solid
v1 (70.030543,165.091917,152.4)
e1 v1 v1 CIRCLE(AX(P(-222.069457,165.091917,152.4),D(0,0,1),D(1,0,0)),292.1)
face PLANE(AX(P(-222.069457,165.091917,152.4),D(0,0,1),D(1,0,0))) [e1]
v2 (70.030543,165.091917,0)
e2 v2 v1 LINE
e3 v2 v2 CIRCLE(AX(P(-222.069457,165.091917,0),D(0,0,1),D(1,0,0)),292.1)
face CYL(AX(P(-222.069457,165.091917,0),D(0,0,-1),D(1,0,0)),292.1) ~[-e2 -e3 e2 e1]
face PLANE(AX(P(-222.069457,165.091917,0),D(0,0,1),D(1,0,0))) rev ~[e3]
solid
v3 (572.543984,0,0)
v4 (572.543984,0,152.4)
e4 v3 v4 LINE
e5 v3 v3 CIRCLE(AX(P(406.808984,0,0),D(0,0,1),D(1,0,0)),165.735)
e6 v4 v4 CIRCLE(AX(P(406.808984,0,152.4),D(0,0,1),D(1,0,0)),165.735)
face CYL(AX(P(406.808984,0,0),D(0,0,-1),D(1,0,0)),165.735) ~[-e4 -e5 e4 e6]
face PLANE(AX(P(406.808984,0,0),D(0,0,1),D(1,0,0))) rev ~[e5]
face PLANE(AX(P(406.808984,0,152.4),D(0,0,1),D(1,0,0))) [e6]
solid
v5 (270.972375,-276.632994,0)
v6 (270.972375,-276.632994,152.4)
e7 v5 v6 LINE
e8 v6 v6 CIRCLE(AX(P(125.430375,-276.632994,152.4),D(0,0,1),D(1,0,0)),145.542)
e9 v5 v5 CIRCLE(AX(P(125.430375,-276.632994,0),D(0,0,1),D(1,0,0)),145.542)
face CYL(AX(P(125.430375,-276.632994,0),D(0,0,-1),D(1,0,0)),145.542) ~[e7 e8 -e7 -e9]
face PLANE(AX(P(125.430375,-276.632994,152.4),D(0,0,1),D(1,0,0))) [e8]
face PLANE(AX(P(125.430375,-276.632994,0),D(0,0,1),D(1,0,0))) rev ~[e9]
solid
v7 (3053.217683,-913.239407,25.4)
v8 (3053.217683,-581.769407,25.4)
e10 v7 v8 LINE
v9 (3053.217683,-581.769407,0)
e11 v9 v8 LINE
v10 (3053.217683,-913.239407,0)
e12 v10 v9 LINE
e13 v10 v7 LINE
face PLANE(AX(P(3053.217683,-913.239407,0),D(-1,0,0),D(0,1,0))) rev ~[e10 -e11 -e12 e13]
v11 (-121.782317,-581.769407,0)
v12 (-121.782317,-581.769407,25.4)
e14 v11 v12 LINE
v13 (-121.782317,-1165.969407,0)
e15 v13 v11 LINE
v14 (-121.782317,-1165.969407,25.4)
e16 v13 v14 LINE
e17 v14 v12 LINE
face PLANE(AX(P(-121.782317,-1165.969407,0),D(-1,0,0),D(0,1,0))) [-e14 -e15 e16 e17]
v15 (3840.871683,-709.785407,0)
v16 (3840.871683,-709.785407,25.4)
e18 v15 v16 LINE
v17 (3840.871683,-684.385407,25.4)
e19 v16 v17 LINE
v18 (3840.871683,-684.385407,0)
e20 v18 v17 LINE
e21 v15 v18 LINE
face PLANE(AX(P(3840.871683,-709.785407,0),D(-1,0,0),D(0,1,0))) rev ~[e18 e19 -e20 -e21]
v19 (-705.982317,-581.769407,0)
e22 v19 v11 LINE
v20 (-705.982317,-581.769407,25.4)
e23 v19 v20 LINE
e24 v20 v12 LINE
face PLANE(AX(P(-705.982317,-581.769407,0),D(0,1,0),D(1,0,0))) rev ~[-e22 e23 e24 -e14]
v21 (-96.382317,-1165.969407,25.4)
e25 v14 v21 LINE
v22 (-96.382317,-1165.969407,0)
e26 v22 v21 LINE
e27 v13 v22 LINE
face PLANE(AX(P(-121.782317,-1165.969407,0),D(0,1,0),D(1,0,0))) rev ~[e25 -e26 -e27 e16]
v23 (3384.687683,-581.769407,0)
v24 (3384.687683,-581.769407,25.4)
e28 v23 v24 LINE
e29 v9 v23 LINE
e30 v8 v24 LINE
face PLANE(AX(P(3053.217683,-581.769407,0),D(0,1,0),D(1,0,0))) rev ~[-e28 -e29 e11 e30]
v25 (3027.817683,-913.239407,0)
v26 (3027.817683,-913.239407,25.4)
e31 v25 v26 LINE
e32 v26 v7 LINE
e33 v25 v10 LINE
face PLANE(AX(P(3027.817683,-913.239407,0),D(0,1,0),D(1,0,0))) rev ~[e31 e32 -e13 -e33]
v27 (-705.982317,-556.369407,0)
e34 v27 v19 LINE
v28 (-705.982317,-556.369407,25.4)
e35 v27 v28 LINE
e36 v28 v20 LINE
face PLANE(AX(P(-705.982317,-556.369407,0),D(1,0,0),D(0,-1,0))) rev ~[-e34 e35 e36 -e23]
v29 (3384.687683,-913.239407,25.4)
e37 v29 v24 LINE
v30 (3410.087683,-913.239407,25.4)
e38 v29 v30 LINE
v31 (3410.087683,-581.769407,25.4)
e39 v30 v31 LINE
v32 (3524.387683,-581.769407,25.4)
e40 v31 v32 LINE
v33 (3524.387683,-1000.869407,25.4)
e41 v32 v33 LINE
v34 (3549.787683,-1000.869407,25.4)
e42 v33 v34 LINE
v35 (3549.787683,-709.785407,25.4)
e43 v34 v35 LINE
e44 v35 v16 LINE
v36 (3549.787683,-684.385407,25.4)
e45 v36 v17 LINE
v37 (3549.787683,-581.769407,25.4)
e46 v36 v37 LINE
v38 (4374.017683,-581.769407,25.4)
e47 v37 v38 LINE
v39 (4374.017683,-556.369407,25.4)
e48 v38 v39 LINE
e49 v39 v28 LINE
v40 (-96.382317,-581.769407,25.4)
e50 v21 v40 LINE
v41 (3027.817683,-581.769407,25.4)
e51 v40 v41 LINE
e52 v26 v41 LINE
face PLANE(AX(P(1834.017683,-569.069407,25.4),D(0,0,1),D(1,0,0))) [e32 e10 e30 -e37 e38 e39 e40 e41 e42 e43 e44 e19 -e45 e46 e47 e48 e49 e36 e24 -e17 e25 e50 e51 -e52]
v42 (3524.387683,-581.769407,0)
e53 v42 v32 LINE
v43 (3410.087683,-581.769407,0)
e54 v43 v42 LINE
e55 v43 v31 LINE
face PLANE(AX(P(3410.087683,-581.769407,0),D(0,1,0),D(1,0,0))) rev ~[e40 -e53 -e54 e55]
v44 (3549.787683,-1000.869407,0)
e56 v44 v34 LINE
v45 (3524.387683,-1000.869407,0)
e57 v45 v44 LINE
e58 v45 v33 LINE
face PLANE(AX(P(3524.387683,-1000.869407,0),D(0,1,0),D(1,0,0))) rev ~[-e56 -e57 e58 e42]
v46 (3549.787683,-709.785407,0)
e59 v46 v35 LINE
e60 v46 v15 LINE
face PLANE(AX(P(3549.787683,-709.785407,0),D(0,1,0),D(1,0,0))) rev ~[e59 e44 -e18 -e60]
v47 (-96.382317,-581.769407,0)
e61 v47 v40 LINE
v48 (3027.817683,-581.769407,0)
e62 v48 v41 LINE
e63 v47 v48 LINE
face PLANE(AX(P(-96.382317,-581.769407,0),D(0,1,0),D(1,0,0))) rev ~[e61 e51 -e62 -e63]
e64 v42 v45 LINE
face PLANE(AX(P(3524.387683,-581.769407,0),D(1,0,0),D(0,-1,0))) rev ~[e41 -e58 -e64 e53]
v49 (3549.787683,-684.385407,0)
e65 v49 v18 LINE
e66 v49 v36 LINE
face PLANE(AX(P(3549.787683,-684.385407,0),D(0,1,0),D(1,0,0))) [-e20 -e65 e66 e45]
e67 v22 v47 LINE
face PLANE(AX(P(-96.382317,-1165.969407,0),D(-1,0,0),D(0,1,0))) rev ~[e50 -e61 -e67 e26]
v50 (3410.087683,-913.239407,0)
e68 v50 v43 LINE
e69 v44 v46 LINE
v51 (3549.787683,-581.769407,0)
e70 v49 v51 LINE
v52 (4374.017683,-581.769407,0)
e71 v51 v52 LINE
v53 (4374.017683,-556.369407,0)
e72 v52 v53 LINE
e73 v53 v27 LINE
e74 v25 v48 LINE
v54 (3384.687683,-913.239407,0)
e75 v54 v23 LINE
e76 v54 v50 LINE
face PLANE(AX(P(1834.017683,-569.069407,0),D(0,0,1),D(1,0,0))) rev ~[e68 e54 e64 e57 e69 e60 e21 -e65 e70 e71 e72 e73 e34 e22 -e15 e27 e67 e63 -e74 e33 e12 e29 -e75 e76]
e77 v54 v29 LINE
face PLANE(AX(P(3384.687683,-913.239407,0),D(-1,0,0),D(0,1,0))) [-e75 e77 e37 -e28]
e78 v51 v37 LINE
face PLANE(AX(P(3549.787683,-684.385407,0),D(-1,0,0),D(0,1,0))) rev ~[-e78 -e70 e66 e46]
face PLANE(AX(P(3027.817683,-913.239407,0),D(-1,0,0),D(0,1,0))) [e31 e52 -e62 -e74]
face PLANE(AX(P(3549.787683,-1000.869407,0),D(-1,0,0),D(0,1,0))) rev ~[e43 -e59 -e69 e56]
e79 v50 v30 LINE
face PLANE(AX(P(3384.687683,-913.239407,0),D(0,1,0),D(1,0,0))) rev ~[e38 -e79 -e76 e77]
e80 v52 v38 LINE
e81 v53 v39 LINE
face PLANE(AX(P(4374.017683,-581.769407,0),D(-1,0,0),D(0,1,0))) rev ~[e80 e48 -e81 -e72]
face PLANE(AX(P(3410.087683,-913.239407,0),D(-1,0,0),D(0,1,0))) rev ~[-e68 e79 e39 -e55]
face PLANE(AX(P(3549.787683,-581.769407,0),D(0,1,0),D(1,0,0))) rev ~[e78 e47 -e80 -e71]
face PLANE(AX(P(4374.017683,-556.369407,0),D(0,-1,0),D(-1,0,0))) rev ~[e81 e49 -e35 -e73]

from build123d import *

# Parameters (mm, degrees)
F0_R     = 165.735
F1_DEPTH = 152.4
F2_R     = 145.542
F3_DEPTH = 152.4
F4_R     = 292.1
F5_DEPTH = 152.4
F6_W     = 25.4
F6_H     = 584.2
F6_W_2   = 291.084
F6_H_2   = 25.4
F6_H_3   = 331.47
F7_DEPTH = 25.4


with BuildPart() as f1:
    # F0 (on Top) → F1 (new body)
    with BuildSketch(Plane.XY):
        with Locations((406.808984, 0)):
            Circle(F0_R)
    extrude(amount=F1_DEPTH)


with BuildPart() as f3:
    # F2 (on Top) → F3 (new body)
    with BuildSketch(Plane.XY):
        with Locations((125.430375, -276.632994)):
            Circle(F2_R)
    extrude(amount=F3_DEPTH)


with BuildPart() as f5:
    # F4 (on Top) → F5 (new body)
    with BuildSketch(Plane.XY):
        with Locations((-222.069457, 165.091917)):
            Circle(F4_R)
    extrude(amount=F5_DEPTH)


with BuildPart() as f7:
    # F6 (on Top) → F7 (new body)
    with BuildSketch(Plane.XY):
        Polygon((4374.017683, -556.369407), (-705.982317, -556.369407), (-705.982317, -581.769407), (-121.782317, -581.769407), (-96.382317, -581.769407), (3027.817683, -581.769407), (3053.217683, -581.769407), (3384.687683, -581.769407), (3410.087683, -581.769407), (3524.387683, -581.769407), (3549.787683, -581.769407), (4374.017683, -581.769407), align=None)
        with Locations((-109.082317, -873.869407)):
            Rectangle(F6_W, F6_H)
        with Locations((3695.329683, -697.085407)):
            Rectangle(F6_W_2, F6_H_2)
        Polygon((3549.787683, -684.385407), (3549.787683, -581.769407), (3524.387683, -581.769407), (3524.387683, -1000.869407), (3549.787683, -1000.869407), (3549.787683, -709.785407), align=None)
        with Locations((3397.387683, -747.504407)):
            Rectangle(F6_W, F6_H_3)
        with Locations((3040.517683, -747.504407)):
            Rectangle(F6_W, F6_H_3)
    extrude(amount=F7_DEPTH)


solid = Compound([f1.part, f3.part, f5.part, f7.part])
